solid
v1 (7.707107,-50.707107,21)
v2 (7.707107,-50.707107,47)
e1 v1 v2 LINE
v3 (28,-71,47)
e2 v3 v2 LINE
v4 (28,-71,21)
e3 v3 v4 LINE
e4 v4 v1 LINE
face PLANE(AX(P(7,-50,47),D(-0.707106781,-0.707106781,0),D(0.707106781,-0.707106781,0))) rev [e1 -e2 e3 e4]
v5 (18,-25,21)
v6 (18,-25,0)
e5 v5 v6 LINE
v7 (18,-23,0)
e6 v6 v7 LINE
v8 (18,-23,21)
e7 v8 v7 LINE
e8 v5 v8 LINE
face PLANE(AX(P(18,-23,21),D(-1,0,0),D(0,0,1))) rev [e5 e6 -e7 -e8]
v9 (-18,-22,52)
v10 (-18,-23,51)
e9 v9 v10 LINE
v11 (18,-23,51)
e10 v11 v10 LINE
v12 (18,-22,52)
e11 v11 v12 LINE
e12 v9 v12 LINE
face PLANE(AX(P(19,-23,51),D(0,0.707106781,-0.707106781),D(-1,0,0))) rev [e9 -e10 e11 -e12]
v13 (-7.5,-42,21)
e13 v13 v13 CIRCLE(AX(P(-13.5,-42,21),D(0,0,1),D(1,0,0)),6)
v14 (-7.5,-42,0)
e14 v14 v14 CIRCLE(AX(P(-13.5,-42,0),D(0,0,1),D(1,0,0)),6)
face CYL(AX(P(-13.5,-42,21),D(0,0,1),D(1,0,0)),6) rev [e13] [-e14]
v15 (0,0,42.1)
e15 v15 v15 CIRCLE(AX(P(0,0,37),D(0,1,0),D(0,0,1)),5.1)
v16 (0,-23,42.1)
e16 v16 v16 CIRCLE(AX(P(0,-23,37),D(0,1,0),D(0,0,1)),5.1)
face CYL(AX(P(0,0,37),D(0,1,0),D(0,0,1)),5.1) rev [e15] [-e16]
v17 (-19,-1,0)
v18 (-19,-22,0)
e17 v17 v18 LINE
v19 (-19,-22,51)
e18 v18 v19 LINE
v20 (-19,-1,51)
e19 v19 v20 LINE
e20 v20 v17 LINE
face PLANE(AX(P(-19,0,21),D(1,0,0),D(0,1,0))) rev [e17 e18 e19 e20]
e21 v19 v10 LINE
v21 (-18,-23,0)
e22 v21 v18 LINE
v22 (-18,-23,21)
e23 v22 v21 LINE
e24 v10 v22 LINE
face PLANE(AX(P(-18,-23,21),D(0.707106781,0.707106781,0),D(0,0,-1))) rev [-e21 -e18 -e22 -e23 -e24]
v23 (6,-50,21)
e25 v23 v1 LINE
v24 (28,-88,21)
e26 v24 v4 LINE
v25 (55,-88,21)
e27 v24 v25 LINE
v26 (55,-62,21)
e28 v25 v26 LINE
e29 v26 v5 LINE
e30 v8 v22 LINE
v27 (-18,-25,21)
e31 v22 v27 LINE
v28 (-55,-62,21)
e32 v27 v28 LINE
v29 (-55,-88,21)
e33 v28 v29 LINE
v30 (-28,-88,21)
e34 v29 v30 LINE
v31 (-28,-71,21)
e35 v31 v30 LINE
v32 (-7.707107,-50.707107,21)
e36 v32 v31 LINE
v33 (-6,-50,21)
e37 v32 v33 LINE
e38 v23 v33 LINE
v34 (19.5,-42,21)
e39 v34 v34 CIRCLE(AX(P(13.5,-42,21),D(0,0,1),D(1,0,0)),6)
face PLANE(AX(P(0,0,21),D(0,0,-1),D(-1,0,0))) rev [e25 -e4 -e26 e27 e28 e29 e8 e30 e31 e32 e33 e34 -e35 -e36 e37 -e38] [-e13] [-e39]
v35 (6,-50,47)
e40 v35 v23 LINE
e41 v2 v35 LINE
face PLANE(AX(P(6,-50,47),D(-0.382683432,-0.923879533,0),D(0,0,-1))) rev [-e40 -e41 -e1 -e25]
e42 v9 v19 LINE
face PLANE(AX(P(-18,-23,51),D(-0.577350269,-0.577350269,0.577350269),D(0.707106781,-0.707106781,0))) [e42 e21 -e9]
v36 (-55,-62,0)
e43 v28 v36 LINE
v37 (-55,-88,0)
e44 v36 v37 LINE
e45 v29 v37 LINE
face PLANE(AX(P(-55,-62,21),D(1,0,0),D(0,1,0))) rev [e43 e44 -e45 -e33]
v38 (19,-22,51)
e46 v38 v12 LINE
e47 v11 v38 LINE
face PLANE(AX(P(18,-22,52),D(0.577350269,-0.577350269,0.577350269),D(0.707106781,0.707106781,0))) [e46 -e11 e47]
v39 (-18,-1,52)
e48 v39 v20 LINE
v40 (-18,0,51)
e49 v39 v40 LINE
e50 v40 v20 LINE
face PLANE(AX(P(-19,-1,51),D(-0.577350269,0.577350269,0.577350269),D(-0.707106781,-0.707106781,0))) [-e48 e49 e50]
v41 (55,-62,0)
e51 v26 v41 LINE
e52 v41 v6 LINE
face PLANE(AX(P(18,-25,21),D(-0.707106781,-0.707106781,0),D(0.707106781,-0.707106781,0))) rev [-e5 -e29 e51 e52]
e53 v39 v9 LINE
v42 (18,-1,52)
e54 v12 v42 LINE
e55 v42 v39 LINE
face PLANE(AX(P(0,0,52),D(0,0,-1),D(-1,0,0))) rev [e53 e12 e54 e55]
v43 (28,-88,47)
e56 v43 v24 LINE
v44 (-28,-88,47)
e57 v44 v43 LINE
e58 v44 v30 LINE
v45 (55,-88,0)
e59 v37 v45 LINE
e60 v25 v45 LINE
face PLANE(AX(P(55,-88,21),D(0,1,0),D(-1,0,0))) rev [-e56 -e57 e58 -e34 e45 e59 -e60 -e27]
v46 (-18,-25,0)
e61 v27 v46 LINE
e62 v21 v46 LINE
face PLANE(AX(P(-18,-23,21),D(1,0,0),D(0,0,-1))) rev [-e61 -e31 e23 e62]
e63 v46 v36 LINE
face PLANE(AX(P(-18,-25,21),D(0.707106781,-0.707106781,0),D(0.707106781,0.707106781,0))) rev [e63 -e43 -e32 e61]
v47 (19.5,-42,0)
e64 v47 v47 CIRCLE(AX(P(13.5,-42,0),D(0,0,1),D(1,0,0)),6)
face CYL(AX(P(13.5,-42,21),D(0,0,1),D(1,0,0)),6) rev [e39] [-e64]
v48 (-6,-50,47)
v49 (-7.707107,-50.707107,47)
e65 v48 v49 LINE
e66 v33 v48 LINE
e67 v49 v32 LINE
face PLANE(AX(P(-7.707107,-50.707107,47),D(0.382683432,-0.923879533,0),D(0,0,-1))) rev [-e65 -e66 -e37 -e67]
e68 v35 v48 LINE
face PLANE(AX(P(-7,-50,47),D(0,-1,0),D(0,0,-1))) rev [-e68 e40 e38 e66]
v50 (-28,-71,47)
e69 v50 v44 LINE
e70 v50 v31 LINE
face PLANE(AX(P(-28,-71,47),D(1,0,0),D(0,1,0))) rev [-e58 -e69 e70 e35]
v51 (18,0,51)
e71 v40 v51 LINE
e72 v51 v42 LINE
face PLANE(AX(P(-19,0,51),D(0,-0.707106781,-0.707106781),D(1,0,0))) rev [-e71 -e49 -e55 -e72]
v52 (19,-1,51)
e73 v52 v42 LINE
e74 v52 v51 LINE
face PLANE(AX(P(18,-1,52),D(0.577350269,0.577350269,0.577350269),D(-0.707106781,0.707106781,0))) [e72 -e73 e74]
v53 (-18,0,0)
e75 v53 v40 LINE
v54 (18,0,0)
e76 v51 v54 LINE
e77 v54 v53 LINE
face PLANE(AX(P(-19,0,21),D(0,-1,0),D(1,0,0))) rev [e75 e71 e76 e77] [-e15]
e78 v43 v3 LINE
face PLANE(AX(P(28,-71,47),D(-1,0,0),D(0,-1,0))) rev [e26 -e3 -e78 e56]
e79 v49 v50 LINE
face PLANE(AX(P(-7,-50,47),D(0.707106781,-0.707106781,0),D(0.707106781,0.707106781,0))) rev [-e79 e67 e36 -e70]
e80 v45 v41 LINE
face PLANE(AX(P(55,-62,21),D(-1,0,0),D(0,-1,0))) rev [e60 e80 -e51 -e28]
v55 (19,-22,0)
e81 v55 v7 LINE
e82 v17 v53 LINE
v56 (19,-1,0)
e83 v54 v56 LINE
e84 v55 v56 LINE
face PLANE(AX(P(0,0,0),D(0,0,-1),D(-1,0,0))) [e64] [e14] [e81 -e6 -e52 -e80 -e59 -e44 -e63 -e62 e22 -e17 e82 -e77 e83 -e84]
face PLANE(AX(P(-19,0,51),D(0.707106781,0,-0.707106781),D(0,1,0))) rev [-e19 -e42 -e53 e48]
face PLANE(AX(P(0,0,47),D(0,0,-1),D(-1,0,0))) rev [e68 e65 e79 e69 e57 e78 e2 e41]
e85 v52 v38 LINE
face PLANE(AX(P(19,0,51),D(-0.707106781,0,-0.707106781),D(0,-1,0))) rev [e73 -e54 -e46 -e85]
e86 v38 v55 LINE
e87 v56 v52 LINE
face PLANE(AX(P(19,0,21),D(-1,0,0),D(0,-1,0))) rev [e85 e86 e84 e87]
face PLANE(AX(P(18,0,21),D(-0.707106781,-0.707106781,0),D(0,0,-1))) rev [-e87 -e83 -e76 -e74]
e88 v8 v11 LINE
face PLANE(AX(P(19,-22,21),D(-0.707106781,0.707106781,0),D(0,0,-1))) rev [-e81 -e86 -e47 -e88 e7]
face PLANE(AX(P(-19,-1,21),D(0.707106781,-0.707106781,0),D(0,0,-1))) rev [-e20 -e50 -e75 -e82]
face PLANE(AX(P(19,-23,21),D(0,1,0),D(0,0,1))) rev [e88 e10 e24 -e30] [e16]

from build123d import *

# Parameters (mm, degrees)
BOSS_EXTRUDE1_DEPTH        = 21
SKETCH2_W                  = 38
SKETCH2_H                  = 23
BOSS_EXTRUDE2_DEPTH        = 52
BOSS_EXTRUDE3_DEPTH        = 26
CHAMFER1_SIZE              = 1
M12_TAPPED_HOLE1_D         = 10.2
M12_TAPPED_HOLE1_DEPTH     = 23
F_12_0_12_DIAMETER_HOLE1_D = 12
CHAMFER2_SIZE              = 1


with BuildPart() as part:
    # Sketch1 → Boss-Extrude1 (new body)
    with BuildSketch(Plane.XY):
        Polygon((-19, 0), (19, 0), (19, -23), (18, -23), (18, -25), (55, -62), (55, -88), (-55, -88), (-55, -62), (-18, -25), (-18, -23), (-19, -23), align=None)
    extrude(amount=BOSS_EXTRUDE1_DEPTH)

    # Sketch2 → Boss-Extrude2 (add)
    with BuildSketch(Plane(origin=(0, 0, 0), x_dir=(-1, 0, 0), z_dir=(0, 0, -1))):
        with Locations((0, -11.5)):
            Rectangle(SKETCH2_W, SKETCH2_H)
    extrude(amount=-BOSS_EXTRUDE2_DEPTH)

    # Sketch3 → Boss-Extrude3 (add)
    with BuildSketch(Plane.XY.offset(21)):
        Polygon((-7, -50), (7, -50), (28, -71), (28, -88), (-28, -88), (-28, -71), align=None)
    extrude(amount=BOSS_EXTRUDE3_DEPTH)

    # Chamfer1
    chamfer1_edges = [part.edges().sort_by_distance(p)[0] for p in [
        (0, -23, 52),
        (-19, -23, 26),
        (-19, -11.5, 52),
        (19, -23, 26),
        (19, -11.5, 52),
        (19, 0, 26),
        (0, 0, 52),
        (-19, 0, 26),
    ]]
    chamfer(chamfer1_edges, length=CHAMFER1_SIZE)

    # M12 Tapped Hole1
    with Locations(Plane(origin=(0, 0, 0), x_dir=(1, 0, 0), z_dir=(0, 1, 0))):
        with Locations((0, -37)):
            Hole(M12_TAPPED_HOLE1_D / 2, depth=M12_TAPPED_HOLE1_DEPTH)

    # Ø12.0 (12) Diameter Hole1 (through all)
    with Locations(Plane.XY.offset(21)):
        with Locations((-13.5, -42), (13.5, -42)):
            Hole(F_12_0_12_DIAMETER_HOLE1_D / 2)

    # Chamfer2
    chamfer2_edges = [part.edges().sort_by_distance(p)[0] for p in [
        (7, -50, 34),
        (-7, -50, 34),
    ]]
    chamfer(chamfer2_edges, length=CHAMFER2_SIZE)


solid = part.part
